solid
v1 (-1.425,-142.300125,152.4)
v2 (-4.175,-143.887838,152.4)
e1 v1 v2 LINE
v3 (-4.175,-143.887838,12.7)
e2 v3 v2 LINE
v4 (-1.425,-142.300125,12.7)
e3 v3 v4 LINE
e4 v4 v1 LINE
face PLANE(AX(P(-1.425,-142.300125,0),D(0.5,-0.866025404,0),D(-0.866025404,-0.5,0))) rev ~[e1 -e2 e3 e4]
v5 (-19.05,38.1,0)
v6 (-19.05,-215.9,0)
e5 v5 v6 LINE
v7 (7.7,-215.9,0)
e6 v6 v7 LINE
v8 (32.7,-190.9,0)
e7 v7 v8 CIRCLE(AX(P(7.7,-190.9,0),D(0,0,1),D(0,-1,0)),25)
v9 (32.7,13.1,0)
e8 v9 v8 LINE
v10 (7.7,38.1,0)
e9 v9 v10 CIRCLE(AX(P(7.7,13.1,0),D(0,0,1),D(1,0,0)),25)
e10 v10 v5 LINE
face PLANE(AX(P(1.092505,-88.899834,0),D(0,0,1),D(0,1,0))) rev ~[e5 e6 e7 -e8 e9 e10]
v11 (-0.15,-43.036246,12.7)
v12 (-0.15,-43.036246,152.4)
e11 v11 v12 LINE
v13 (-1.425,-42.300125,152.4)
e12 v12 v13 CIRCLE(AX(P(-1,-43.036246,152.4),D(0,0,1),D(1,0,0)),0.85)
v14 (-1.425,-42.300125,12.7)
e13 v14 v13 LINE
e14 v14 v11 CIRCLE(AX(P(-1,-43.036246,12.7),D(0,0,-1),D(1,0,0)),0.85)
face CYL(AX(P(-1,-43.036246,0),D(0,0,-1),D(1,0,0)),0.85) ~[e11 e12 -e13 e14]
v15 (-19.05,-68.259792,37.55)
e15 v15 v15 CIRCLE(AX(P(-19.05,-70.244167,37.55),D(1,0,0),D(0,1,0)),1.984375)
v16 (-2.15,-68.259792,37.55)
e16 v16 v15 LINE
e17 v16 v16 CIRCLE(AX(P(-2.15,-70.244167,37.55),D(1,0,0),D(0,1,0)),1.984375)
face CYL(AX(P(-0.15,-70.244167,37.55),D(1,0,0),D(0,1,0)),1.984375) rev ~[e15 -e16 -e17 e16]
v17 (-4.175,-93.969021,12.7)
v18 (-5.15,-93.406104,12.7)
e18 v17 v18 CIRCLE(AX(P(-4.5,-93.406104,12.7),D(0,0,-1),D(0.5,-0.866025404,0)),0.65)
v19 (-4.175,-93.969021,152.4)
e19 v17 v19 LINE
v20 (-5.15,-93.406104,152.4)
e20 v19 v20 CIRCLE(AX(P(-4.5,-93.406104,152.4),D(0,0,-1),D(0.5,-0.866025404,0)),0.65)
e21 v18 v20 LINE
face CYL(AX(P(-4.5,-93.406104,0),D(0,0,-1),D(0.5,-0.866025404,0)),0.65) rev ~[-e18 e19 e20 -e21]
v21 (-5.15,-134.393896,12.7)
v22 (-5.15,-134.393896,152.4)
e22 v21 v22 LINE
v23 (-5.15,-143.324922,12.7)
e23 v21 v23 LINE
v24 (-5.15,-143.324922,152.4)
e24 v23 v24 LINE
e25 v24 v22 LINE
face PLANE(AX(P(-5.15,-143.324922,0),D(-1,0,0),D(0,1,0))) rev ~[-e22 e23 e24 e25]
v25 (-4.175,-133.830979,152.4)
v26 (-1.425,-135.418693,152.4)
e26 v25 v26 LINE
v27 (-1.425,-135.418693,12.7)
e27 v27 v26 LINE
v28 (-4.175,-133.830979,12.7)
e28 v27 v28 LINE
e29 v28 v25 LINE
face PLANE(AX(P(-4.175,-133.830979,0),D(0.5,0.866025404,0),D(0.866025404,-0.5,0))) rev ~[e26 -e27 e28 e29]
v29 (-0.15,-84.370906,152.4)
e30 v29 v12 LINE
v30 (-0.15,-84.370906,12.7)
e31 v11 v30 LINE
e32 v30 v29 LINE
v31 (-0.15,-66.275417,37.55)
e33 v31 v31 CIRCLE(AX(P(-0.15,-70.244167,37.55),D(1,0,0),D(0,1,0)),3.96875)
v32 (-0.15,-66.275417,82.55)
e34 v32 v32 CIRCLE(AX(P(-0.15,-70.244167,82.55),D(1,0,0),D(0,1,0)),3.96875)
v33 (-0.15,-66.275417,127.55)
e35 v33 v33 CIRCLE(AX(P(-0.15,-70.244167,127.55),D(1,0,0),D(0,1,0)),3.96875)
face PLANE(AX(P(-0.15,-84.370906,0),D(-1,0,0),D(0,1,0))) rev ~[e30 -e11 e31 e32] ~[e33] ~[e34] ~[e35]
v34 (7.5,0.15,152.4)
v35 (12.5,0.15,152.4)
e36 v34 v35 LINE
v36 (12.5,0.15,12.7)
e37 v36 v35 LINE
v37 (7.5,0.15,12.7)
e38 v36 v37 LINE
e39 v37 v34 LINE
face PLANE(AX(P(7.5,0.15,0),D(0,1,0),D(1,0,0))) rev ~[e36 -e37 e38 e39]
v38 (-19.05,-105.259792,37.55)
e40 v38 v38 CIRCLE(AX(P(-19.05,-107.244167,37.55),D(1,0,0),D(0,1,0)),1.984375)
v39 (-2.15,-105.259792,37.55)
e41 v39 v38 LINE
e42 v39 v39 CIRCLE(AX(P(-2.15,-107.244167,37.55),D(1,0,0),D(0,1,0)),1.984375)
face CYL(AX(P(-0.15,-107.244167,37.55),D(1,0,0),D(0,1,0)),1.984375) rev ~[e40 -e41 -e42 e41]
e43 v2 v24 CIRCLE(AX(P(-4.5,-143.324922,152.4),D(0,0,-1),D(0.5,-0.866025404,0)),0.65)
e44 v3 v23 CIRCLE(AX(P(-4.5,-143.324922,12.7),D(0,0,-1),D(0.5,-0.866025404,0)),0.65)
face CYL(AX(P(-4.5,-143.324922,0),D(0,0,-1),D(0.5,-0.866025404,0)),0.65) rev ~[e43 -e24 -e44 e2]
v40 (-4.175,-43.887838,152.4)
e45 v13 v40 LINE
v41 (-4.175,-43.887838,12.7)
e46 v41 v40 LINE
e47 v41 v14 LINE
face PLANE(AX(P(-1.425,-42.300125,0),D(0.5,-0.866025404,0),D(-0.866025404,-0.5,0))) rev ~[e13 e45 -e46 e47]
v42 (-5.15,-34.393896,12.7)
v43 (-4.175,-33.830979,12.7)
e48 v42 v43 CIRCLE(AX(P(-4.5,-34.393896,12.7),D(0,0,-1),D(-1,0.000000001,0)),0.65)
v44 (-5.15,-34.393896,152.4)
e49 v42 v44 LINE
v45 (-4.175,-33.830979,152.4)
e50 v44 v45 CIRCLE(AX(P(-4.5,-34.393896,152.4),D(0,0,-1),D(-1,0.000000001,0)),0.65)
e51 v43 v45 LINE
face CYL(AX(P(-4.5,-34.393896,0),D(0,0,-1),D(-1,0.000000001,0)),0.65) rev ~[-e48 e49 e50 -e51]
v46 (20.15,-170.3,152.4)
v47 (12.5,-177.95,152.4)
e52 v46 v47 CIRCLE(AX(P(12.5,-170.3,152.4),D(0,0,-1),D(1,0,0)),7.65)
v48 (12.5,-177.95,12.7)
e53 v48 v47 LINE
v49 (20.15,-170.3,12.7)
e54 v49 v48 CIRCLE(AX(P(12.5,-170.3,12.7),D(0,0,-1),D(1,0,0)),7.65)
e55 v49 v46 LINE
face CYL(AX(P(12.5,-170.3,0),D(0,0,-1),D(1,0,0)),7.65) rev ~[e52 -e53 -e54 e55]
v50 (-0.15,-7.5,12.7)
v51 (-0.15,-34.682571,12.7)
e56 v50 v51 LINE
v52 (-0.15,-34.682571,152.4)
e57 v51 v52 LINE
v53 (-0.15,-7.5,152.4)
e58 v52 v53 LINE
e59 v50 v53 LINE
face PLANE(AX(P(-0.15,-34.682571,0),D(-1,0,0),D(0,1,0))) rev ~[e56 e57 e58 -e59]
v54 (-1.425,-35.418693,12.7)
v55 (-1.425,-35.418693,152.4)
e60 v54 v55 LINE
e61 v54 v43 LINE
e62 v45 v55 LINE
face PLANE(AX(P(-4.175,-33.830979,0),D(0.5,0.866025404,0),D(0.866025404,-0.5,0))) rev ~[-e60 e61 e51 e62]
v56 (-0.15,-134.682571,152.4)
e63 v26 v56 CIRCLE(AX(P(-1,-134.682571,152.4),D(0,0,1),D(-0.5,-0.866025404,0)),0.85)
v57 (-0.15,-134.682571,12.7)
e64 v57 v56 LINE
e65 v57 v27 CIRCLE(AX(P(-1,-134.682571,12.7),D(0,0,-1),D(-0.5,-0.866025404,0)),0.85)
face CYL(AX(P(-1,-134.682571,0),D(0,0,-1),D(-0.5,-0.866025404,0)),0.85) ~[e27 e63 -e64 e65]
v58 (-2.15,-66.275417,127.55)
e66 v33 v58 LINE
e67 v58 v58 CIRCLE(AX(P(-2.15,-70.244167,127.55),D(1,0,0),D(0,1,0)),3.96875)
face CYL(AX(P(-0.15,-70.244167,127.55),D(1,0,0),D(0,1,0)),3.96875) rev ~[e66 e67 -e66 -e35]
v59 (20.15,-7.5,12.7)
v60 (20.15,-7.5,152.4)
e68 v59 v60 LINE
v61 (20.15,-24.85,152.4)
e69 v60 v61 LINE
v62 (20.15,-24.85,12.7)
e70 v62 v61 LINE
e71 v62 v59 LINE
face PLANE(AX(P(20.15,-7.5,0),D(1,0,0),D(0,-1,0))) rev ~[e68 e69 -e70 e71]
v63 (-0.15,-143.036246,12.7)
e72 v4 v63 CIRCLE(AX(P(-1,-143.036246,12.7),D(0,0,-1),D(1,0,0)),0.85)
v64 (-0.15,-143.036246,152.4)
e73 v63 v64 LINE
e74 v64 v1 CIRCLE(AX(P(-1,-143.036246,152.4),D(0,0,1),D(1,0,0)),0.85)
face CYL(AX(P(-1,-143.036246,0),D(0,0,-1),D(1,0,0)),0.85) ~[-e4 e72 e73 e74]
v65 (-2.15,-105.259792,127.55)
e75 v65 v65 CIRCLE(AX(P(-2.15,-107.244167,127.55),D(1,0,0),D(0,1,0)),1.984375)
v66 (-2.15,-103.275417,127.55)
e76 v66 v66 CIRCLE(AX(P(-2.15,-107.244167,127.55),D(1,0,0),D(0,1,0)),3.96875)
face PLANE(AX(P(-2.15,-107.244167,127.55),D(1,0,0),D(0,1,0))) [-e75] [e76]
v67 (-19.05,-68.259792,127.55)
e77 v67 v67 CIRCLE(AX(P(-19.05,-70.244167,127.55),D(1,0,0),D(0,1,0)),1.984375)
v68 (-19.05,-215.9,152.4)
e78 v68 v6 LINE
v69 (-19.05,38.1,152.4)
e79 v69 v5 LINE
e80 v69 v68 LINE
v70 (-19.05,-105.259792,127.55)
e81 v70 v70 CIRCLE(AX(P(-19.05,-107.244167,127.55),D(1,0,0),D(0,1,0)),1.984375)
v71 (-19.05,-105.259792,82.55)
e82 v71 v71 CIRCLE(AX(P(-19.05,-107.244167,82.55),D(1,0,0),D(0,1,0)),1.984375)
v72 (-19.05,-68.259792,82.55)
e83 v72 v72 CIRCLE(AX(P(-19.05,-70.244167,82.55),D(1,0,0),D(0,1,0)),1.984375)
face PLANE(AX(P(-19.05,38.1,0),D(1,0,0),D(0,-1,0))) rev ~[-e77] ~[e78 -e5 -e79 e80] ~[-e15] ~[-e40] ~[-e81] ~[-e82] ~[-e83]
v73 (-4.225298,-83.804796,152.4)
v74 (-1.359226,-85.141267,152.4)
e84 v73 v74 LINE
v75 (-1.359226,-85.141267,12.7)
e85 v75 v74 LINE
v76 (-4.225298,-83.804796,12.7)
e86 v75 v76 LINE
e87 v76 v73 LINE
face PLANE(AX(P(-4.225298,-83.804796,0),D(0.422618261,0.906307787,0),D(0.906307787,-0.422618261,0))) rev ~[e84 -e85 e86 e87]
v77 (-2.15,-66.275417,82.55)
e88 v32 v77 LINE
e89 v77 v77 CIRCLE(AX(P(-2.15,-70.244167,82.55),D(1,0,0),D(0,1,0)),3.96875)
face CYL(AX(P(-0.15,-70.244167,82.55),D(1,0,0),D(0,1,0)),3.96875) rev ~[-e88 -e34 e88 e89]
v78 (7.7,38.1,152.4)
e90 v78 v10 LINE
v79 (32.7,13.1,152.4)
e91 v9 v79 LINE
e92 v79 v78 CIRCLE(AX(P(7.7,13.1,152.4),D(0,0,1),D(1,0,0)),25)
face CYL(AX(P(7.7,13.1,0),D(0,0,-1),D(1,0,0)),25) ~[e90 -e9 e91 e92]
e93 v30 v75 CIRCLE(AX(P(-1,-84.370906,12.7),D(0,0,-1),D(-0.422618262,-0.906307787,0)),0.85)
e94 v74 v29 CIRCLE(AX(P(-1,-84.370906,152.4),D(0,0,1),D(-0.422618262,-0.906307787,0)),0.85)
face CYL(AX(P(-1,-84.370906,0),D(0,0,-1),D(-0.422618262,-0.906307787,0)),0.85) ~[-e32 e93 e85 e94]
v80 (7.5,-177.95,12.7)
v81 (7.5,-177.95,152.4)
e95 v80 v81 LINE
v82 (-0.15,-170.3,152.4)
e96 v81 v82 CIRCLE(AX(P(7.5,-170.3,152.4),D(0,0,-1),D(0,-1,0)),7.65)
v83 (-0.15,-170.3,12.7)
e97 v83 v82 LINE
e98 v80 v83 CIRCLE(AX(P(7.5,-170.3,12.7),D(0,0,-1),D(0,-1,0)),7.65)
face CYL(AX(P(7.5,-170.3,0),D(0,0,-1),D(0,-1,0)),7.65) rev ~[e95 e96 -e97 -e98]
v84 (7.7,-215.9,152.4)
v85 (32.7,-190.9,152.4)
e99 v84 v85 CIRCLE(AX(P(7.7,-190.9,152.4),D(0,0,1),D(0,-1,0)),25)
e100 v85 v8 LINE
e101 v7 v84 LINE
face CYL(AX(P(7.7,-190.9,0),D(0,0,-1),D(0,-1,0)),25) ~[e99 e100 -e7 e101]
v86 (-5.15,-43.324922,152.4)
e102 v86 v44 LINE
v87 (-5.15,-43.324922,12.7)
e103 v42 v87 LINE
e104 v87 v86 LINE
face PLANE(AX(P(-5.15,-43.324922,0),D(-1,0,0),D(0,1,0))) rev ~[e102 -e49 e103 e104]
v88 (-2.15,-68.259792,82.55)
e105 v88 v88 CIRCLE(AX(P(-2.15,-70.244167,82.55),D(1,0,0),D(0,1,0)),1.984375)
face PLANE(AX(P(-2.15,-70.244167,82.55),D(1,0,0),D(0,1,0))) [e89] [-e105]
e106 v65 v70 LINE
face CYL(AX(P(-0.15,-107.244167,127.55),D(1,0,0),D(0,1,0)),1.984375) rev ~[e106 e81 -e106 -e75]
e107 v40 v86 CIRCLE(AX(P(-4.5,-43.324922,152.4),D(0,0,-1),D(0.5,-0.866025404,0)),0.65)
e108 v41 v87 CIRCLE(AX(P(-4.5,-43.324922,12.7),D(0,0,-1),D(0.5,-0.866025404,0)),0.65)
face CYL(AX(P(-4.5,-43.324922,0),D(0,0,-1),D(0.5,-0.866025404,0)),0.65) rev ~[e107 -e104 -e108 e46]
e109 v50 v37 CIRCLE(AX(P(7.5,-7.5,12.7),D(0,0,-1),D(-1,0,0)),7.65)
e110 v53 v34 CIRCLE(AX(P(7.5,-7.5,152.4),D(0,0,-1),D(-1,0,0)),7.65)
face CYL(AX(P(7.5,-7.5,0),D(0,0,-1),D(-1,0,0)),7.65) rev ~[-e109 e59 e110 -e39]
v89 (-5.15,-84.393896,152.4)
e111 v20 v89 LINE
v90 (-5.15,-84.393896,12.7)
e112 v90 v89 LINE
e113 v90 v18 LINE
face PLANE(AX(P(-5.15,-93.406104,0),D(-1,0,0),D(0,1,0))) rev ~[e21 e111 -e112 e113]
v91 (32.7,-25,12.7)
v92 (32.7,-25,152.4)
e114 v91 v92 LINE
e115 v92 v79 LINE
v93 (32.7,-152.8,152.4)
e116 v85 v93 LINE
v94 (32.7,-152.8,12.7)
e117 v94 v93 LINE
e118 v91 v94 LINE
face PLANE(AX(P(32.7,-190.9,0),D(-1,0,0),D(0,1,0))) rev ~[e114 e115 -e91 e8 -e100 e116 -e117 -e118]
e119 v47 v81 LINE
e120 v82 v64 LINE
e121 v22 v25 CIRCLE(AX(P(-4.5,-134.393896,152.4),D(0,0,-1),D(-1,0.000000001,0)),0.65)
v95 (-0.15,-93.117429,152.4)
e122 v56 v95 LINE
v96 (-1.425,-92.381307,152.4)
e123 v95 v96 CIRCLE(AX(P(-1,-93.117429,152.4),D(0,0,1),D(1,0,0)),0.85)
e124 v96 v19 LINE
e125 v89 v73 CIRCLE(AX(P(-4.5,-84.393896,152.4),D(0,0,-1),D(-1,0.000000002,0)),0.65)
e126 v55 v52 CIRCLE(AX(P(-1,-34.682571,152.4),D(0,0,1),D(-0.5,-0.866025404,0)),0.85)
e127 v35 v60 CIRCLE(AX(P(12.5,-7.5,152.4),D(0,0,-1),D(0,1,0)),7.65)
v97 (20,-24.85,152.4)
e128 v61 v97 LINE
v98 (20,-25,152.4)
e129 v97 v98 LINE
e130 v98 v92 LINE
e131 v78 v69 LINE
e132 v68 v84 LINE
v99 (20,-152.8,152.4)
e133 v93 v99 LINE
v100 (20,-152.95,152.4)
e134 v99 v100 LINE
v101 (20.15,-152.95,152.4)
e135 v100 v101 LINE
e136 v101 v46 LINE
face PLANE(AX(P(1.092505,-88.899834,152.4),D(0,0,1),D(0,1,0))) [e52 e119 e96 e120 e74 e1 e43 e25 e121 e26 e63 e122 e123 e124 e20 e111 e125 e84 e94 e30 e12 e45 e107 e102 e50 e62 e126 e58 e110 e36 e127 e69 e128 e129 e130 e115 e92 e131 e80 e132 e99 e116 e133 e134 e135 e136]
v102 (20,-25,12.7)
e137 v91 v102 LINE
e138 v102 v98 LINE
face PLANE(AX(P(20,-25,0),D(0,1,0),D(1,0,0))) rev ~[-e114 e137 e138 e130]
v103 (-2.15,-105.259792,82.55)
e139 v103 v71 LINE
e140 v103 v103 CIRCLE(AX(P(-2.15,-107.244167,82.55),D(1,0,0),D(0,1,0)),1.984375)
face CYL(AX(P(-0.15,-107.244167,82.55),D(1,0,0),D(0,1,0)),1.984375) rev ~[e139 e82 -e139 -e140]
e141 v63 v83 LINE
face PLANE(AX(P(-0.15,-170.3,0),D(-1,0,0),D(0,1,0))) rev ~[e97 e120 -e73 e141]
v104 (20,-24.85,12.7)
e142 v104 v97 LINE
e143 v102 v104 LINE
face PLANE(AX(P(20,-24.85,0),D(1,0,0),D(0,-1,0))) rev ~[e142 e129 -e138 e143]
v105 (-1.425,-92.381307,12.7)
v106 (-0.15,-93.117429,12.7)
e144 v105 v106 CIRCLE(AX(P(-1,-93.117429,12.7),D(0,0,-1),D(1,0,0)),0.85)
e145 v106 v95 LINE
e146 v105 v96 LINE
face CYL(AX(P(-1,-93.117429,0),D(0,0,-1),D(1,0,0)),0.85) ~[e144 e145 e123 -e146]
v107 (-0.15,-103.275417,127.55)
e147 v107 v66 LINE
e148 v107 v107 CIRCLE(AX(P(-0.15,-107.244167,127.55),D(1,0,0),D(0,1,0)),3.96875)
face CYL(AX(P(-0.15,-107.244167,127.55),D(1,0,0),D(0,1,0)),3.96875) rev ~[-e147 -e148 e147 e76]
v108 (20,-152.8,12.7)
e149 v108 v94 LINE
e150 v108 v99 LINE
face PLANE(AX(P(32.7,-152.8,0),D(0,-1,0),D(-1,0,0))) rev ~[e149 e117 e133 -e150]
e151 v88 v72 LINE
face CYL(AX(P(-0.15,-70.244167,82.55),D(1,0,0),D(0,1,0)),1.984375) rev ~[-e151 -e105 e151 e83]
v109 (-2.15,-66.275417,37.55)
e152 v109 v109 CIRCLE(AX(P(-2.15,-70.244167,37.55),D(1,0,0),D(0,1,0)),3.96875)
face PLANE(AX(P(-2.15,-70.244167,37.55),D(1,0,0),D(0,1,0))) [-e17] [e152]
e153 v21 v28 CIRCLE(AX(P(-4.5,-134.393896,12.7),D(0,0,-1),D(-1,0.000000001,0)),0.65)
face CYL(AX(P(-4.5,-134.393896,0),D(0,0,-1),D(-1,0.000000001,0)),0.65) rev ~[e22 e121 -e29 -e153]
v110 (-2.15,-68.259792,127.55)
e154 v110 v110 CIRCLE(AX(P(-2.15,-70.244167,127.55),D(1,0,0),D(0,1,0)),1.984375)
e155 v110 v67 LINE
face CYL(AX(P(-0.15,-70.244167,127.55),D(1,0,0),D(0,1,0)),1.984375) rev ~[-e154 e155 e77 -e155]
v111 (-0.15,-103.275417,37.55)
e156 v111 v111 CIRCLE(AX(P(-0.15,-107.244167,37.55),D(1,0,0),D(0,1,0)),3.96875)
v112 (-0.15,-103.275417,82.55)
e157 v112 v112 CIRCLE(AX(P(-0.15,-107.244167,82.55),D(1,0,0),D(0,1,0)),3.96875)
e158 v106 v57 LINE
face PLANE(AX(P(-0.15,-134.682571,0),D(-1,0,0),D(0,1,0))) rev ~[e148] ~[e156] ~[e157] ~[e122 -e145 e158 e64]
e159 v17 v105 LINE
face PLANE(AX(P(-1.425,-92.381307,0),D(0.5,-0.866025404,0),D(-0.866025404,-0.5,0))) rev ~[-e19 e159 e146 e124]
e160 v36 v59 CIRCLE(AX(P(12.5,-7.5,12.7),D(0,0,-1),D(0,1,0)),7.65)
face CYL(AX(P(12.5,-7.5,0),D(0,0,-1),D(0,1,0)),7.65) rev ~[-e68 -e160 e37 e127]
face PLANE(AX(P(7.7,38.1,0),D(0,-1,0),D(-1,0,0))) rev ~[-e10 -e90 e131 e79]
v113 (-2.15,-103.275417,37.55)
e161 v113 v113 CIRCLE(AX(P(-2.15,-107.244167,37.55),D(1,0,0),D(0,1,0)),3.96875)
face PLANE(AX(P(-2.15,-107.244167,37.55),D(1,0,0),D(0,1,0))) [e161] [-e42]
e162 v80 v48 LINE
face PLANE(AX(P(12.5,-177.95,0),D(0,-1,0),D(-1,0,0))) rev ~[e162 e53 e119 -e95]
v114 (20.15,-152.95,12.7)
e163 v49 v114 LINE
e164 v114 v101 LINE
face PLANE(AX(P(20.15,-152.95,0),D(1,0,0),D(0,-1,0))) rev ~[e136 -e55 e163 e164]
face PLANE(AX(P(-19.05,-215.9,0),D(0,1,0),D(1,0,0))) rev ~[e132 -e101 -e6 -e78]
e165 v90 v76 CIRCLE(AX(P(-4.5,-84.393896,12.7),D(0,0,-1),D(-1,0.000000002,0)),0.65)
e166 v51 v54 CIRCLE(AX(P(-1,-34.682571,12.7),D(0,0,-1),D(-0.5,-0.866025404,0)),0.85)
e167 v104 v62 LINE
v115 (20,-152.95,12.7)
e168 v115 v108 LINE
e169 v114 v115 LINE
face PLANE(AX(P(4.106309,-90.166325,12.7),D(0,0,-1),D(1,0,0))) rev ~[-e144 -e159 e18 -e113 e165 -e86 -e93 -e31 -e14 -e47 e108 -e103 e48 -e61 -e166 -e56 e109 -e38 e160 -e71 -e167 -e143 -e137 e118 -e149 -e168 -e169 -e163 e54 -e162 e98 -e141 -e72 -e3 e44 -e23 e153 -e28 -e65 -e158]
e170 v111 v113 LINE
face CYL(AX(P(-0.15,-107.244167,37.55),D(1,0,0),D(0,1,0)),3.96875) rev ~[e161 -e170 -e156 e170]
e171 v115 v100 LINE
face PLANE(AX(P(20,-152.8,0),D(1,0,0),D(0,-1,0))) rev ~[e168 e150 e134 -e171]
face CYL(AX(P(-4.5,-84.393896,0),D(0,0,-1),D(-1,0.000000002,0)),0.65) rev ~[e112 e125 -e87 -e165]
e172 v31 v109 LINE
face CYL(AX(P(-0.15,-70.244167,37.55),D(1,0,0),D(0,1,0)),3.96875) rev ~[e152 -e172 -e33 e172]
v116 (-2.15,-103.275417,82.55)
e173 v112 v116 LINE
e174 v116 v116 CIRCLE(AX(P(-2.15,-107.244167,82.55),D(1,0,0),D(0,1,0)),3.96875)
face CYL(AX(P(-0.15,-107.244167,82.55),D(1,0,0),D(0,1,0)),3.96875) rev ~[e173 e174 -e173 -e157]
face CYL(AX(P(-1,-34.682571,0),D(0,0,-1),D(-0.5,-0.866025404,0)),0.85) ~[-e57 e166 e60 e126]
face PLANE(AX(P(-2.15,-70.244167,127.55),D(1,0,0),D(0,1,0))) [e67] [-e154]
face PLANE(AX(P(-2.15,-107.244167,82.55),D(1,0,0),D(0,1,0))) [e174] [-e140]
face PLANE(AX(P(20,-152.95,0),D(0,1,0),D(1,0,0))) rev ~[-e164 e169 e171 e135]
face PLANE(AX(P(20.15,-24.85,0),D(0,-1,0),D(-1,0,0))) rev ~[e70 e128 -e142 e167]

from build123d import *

# Parameters (mm, degrees)
BOSS_EXTRUDE1_DEPTH = 152.4
BOSS_EXTRUDE2_DEPTH = 12.7
SKETCH3_R           = 1.984375
CUT_EXTRUDE1_DEPTH  = 25
SKETCH4_R           = 3.96875
CUT_EXTRUDE2_DEPTH  = 2


with BuildPart() as part:
    # Sketch1 → Boss-Extrude1 (new body)
    with BuildSketch(Plane(origin=(0, 0, 0), x_dir=(0, 1, 0), z_dir=(0, 0, 1))):
        with BuildLine():
            Line((-93.406104195, 5.15), (-84.393895805, 5.15))
            ThreePointArc((-84.393895805, 5.15), (-83.845691366, 4.849244745), (-83.804795744, 4.22529813))
            Line((-83.804795744, 4.22529813), (-85.141267349, 1.359225522))
            ThreePointArc((-85.141267349, 1.359225522), (-85.087788459, 0.543295333), (-84.37090573, 0.15))
            Line((-84.37090573, 0.15), (-43.036246445, 0.15))
            ThreePointArc((-43.036246445, 0.15), (-42.300124852, 0.575), (-42.300124852, 1.425))
            Line((-42.300124852, 1.425), (-43.887838092, 4.175))
            ThreePointArc((-43.887838092, 4.175), (-43.887838092, 4.825), (-43.324921579, 5.15))
            Line((-43.324921579, 5.15), (-34.393895805, 5.15))
            ThreePointArc((-34.393895805, 5.15), (-33.830979293, 4.825), (-33.830979293, 4.175))
            Line((-33.830979293, 4.175), (-35.418692533, 1.425))
            ThreePointArc((-35.418692533, 1.425), (-35.418692533, 0.575), (-34.68257094, 0.15))
            Line((-34.68257094, 0.15), (-7.5, 0.15))
            ThreePointArc((-7.5, 0.15), (-2.090633124, -2.090633124), (0.15, -7.5))
            Line((0.15, -7.5), (0.15, -12.5))
            ThreePointArc((0.15, -12.5), (-2.090633124, -17.909366876), (-7.5, -20.15))
            Line((-7.5, -20.15), (-24.85, -20.15))
            Line((-24.85, -20.15), (-24.85, -20))
            Line((-24.85, -20), (-25, -20))
            Line((-25, -20), (-25, -32.7))
            Line((-25, -32.7), (13.1, -32.7))
            ThreePointArc((13.1, -32.7), (30.77766953, -25.37766953), (38.1, -7.7))
            Line((38.1, -7.7), (38.1, 19.05))
            Line((38.1, 19.05), (-215.9, 19.05))
            Line((-215.9, 19.05), (-215.9, -7.7))
            ThreePointArc((-215.9, -7.7), (-208.57766953, -25.37766953), (-190.9, -32.7))
            Line((-190.9, -32.7), (-152.8, -32.7))
            Line((-152.8, -32.7), (-152.8, -20))
            Line((-152.8, -20), (-152.95, -20))
            Line((-152.95, -20), (-152.95, -20.15))
            Line((-152.95, -20.15), (-170.3, -20.15))
            ThreePointArc((-170.3, -20.15), (-175.709366876, -17.909366876), (-177.95, -12.5))
            Line((-177.95, -12.5), (-177.95, -7.5))
            ThreePointArc((-177.95, -7.5), (-175.709366876, -2.090633124), (-170.3, 0.15))
            Line((-170.3, 0.15), (-143.036246445, 0.15))
            ThreePointArc((-143.036246445, 0.15), (-142.300124852, 0.575), (-142.300124852, 1.425))
            Line((-142.300124852, 1.425), (-143.887838092, 4.175))
            ThreePointArc((-143.887838092, 4.175), (-143.887838092, 4.825), (-143.324921579, 5.15))
            Line((-143.324921579, 5.15), (-134.393895805, 5.15))
            ThreePointArc((-134.393895805, 5.15), (-133.830979293, 4.825), (-133.830979293, 4.175))
            Line((-133.830979293, 4.175), (-135.418692533, 1.425))
            ThreePointArc((-135.418692533, 1.425), (-135.418692533, 0.575), (-134.68257094, 0.15))
            Line((-134.68257094, 0.15), (-93.11742906, 0.15))
            ThreePointArc((-93.11742906, 0.15), (-92.381307467, 0.575), (-92.381307467, 1.425))
            Line((-92.381307467, 1.425), (-93.969020707, 4.175))
            ThreePointArc((-93.969020707, 4.175), (-93.969020707, 4.825), (-93.406104195, 5.15))
        make_face()
    extrude(amount=BOSS_EXTRUDE1_DEPTH)

    # Sketch2 → Boss-Extrude2 (add)
    with BuildSketch(Plane(origin=(0, 0, 0), x_dir=(1, 0, 0), z_dir=(0, 0, -1))):
        Polygon((-19.05, 215.9), (-19.05, -38.1), (7.7, -38.1), (32.7, 25), (32.7, 152.8), (32.7, 190.9), (7.7, 215.9), align=None)
    extrude(amount=-BOSS_EXTRUDE2_DEPTH)

    # Sketch3 → Cut-Extrude1 (cut)
    with BuildSketch(Plane.YZ.offset(-0.15)):
        with Locations((-107.244167395, 37.55)):
            Circle(SKETCH3_R)
        with Locations((-107.244167395, 82.55)):
            Circle(SKETCH3_R)
        with Locations((-107.244167395, 127.55)):
            Circle(SKETCH3_R)
        with Locations((-70.244167395, 37.55)):
            Circle(SKETCH3_R)
        with Locations((-70.244167395, 82.55)):
            Circle(SKETCH3_R)
        with Locations((-70.244167395, 127.55)):
            Circle(SKETCH3_R)
    extrude(amount=-CUT_EXTRUDE1_DEPTH, mode=Mode.SUBTRACT)

    # Sketch4 → Cut-Extrude2 (cut)
    with BuildSketch(Plane.YZ.offset(-0.15)):
        with Locations((-107.244167395, 127.55)):
            Circle(SKETCH4_R)
        with Locations((-107.244167395, 82.55)):
            Circle(SKETCH4_R)
        with Locations((-107.244167395, 37.55)):
            Circle(SKETCH4_R)
        with Locations((-70.244167395, 37.55)):
            Circle(SKETCH4_R)
        with Locations((-70.244167395, 82.55)):
            Circle(SKETCH4_R)
        with Locations((-70.244167395, 127.55)):
            Circle(SKETCH4_R)
    extrude(amount=-CUT_EXTRUDE2_DEPTH, mode=Mode.SUBTRACT)


solid = part.part
